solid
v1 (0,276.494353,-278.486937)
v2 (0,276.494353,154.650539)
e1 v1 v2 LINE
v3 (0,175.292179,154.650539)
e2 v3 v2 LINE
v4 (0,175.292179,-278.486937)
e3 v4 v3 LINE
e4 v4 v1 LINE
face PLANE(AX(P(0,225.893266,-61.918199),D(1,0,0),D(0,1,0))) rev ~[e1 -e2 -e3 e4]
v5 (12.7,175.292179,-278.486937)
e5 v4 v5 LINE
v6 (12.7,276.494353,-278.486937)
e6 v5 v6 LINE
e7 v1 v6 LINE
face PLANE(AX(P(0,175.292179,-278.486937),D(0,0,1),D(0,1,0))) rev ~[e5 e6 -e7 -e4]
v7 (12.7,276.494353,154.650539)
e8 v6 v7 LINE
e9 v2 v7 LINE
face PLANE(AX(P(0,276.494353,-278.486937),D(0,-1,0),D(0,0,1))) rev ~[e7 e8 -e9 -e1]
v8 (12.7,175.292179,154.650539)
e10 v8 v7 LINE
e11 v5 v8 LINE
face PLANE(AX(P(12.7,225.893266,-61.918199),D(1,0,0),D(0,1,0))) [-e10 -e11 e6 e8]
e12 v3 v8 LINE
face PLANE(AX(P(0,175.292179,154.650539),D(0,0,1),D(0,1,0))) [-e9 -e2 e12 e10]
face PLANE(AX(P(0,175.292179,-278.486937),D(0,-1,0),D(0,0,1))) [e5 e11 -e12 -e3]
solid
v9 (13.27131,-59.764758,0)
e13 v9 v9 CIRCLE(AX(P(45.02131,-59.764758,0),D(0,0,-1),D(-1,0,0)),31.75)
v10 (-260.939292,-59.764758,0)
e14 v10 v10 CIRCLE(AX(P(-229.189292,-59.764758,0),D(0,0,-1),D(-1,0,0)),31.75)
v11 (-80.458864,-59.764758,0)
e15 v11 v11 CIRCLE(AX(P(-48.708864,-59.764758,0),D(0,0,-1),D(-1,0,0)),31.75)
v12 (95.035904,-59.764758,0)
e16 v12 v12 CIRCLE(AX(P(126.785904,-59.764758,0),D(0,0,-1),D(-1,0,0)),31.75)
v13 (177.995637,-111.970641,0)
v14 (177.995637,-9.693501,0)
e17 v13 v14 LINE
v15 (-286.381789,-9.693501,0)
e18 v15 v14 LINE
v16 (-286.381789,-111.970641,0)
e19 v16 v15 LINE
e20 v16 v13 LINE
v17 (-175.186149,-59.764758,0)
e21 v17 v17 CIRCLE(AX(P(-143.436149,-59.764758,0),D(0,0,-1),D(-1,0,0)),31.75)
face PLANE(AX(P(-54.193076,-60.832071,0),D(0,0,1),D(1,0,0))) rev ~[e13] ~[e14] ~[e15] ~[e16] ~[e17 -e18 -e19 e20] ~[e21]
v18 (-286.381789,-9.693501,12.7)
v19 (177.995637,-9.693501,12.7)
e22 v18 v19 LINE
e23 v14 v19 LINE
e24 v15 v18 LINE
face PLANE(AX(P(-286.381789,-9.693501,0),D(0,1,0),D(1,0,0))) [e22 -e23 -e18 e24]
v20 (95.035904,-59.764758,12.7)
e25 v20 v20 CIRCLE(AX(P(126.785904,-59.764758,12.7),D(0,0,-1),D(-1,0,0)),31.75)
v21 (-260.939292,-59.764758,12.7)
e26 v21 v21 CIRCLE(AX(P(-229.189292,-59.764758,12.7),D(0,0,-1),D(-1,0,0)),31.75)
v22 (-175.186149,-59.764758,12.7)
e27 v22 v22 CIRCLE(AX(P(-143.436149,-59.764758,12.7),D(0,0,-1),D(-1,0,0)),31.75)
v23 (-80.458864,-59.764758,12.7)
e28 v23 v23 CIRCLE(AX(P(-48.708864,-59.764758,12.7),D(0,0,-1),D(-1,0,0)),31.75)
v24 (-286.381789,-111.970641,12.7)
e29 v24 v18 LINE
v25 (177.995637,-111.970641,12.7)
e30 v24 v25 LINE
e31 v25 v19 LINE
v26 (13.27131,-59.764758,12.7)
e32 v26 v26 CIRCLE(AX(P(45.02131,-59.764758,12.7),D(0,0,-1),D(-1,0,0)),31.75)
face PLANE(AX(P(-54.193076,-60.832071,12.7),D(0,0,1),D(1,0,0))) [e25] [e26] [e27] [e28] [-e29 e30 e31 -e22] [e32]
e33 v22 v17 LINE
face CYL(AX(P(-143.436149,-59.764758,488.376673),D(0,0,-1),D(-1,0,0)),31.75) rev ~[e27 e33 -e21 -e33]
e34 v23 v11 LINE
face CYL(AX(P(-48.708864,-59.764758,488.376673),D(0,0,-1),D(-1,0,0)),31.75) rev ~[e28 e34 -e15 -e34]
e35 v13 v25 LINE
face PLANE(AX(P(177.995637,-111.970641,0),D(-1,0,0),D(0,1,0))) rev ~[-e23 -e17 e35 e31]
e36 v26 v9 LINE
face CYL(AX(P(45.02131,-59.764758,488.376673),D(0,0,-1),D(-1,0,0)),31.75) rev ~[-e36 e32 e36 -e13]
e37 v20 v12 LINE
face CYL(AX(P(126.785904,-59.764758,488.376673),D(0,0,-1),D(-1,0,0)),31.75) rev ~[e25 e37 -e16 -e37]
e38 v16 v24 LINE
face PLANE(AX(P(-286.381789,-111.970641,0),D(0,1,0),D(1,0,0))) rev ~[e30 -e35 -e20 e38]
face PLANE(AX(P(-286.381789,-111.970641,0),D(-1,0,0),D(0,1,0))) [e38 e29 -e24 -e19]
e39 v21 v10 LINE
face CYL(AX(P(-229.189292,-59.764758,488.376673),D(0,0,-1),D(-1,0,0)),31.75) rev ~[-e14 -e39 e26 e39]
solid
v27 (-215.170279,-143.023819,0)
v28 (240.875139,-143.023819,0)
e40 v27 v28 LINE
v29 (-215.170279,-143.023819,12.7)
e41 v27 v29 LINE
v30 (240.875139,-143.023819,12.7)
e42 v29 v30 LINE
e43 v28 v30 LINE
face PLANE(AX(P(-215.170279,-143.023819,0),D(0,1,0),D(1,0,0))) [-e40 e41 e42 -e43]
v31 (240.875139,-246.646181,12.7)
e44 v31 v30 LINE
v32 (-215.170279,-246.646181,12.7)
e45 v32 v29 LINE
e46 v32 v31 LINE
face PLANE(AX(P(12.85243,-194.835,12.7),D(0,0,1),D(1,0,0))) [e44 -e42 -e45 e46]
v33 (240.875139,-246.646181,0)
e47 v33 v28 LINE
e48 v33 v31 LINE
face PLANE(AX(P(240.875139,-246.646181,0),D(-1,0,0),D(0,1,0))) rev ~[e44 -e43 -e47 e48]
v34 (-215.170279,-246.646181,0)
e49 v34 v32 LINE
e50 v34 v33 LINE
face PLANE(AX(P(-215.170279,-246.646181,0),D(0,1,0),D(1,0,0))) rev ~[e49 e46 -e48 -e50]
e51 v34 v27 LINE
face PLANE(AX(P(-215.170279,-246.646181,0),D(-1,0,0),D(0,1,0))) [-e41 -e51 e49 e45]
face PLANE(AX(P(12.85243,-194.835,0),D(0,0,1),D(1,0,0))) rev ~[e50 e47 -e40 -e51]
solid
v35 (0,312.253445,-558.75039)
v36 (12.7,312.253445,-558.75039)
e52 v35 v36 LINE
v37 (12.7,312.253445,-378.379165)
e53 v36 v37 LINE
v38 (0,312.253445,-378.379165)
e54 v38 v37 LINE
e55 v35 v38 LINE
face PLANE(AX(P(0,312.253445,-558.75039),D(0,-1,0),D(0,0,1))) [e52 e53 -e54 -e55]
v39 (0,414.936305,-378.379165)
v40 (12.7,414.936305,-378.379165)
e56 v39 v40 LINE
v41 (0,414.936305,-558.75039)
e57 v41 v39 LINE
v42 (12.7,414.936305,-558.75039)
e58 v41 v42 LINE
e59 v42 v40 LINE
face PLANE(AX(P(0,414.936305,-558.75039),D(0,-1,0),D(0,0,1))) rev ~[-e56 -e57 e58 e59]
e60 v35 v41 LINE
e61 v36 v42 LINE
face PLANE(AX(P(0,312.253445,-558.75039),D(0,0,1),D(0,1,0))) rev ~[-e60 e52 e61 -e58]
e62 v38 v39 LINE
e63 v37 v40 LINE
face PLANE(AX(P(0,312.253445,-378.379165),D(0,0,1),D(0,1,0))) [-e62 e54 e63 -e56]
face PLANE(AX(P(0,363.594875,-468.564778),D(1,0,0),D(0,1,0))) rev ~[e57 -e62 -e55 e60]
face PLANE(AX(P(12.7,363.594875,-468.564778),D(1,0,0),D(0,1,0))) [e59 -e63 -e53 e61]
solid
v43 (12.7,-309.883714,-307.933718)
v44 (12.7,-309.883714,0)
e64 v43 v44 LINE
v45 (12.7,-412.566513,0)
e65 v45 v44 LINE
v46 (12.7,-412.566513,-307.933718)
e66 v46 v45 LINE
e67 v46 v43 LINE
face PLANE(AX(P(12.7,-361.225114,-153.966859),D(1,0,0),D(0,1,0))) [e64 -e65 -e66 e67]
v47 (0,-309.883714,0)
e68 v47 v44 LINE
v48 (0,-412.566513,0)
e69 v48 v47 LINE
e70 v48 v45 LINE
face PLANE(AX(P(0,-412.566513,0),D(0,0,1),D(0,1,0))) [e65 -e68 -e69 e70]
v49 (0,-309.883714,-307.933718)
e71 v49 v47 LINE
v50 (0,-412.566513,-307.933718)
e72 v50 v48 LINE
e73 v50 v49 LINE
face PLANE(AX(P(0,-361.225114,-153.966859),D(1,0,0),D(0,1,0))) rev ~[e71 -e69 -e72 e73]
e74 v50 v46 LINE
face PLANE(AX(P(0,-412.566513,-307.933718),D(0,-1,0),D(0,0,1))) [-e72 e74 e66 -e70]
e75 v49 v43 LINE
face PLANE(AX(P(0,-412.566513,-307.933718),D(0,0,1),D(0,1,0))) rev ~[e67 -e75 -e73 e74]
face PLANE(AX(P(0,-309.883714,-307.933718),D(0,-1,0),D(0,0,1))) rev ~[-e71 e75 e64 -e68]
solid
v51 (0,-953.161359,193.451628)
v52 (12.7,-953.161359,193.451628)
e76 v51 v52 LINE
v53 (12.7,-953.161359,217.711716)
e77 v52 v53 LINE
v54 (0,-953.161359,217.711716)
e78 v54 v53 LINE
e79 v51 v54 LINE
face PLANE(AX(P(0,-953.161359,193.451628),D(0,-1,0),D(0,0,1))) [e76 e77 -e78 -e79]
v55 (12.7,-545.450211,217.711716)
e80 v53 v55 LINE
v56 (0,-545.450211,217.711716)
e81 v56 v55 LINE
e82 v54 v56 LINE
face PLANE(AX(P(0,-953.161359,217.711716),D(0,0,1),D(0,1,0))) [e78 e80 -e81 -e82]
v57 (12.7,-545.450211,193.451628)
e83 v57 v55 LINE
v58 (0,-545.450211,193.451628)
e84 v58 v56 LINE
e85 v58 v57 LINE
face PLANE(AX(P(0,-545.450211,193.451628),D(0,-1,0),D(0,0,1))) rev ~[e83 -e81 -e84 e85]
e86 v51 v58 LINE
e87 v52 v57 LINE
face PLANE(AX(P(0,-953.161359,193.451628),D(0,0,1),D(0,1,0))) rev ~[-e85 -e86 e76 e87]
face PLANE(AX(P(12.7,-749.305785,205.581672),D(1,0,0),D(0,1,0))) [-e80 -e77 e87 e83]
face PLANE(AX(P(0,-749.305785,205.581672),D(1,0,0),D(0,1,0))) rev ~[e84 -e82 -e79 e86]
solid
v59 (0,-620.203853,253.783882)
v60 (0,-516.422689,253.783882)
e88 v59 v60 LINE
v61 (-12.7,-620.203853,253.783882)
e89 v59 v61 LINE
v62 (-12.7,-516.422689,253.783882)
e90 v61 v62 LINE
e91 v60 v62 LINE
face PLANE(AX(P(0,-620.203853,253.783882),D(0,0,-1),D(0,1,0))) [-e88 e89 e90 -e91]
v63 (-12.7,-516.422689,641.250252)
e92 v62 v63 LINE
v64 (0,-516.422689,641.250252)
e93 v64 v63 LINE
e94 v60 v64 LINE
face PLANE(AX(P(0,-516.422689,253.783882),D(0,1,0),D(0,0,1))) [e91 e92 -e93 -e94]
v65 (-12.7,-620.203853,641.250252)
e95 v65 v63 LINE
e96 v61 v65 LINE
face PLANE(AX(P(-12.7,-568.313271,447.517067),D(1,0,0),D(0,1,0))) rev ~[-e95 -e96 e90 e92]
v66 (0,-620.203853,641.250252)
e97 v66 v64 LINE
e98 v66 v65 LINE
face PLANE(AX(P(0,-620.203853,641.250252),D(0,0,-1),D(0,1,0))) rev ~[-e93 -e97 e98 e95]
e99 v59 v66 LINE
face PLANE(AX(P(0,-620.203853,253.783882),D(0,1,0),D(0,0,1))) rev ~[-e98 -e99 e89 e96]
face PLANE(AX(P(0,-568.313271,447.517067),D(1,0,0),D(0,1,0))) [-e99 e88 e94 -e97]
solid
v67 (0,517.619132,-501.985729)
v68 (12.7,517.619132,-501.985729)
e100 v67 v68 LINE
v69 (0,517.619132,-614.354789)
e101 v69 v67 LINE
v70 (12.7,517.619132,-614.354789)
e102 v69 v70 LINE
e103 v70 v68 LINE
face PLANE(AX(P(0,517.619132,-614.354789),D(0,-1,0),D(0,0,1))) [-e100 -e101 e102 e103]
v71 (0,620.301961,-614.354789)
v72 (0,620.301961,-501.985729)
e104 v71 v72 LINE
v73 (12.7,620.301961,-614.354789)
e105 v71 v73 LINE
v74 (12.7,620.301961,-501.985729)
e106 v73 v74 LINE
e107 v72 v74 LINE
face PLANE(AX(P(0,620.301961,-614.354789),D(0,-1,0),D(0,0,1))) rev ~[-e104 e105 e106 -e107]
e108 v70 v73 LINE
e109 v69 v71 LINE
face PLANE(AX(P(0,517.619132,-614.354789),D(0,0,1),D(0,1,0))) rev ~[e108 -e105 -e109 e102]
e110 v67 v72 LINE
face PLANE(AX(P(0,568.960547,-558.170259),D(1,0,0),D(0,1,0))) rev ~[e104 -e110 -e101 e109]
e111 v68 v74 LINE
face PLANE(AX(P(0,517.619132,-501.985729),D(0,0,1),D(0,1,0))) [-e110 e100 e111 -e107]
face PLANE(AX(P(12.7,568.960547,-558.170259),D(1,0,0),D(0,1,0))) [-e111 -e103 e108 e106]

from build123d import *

# Parameters (mm, degrees)
F0_W      = 464.377426
F0_H      = 102.27714
F1_DEPTH  = 12.7
F3_D      = 63.5
F4_W      = 456.045419
F4_H      = 103.622362
F5_DEPTH  = 12.7
F6_W      = 101.202175
F6_H      = 433.137476
F7_DEPTH  = 12.7
F8_W      = 103.781164
F8_H      = 387.466371
F9_DEPTH  = 12.7
F10_W     = 102.682799
F10_H     = 307.933718
F10_W_2   = 102.682859
F10_H_2   = 180.371225
F11_DEPTH = 12.7
F12_W     = 102.682829
F12_H     = 112.36906
F13_DEPTH = 12.7
F14_W     = 407.711148
F14_H     = 24.260089
F15_DEPTH = 12.7


with BuildPart() as f1:
    # F0 (on Top) → F1 (new body)
    with BuildSketch(Plane.XY):
        with Locations((-54.193076, -60.832071)):
            Rectangle(F0_W, F0_H)
    extrude(amount=F1_DEPTH)

    # F3 (through all)
    with Locations(Plane.XY.offset(12.7)):
        with Locations((-229.189292, -59.764758), (-143.436149, -59.764758), (-48.708864, -59.764758), (45.02131, -59.764758), (126.785904, -59.764758)):
            Hole(F3_D / 2)


with BuildPart() as f5:
    # F4 (on Top) → F5 (new body)
    with BuildSketch(Plane.XY):
        with Locations((12.85243, -194.835)):
            Rectangle(F4_W, F4_H)
    extrude(amount=F5_DEPTH)


with BuildPart() as f7:
    # F6 (on Right) → F7 (new body)
    with BuildSketch(Plane.YZ):
        with Locations((225.893266, -61.918199)):
            Rectangle(F6_W, F6_H)
    extrude(amount=F7_DEPTH)


with BuildPart() as f9:
    # F8 (on Right) → F9 (new body)
    with BuildSketch(Plane.YZ):
        with Locations((-568.313271, 447.517067)):
            Rectangle(F8_W, F8_H)
    extrude(amount=-F9_DEPTH)


with BuildPart() as f11:
    # F10 (on Right) → F11 (new body)
    with BuildSketch(Plane.YZ):
        with Locations((-361.225114, -153.966859)):
            Rectangle(F10_W, F10_H)
        with Locations((363.594875, -468.564778)):
            Rectangle(F10_W_2, F10_H_2)
    extrude(amount=F11_DEPTH)


with BuildPart() as f13:
    # F12 (on Right) → F13 (new body)
    with BuildSketch(Plane.YZ):
        with Locations((568.960547, -558.170259)):
            Rectangle(F12_W, F12_H)
    extrude(amount=F13_DEPTH)


with BuildPart() as f15:
    # F14 (on Right) → F15 (new body)
    with BuildSketch(Plane.YZ):
        with Locations((-749.305785, 205.581672)):
            Rectangle(F14_W, F14_H)
    extrude(amount=F15_DEPTH)


solid = Compound([f1.part, f5.part, f7.part, f9.part, f11.part, f13.part, f15.part])
